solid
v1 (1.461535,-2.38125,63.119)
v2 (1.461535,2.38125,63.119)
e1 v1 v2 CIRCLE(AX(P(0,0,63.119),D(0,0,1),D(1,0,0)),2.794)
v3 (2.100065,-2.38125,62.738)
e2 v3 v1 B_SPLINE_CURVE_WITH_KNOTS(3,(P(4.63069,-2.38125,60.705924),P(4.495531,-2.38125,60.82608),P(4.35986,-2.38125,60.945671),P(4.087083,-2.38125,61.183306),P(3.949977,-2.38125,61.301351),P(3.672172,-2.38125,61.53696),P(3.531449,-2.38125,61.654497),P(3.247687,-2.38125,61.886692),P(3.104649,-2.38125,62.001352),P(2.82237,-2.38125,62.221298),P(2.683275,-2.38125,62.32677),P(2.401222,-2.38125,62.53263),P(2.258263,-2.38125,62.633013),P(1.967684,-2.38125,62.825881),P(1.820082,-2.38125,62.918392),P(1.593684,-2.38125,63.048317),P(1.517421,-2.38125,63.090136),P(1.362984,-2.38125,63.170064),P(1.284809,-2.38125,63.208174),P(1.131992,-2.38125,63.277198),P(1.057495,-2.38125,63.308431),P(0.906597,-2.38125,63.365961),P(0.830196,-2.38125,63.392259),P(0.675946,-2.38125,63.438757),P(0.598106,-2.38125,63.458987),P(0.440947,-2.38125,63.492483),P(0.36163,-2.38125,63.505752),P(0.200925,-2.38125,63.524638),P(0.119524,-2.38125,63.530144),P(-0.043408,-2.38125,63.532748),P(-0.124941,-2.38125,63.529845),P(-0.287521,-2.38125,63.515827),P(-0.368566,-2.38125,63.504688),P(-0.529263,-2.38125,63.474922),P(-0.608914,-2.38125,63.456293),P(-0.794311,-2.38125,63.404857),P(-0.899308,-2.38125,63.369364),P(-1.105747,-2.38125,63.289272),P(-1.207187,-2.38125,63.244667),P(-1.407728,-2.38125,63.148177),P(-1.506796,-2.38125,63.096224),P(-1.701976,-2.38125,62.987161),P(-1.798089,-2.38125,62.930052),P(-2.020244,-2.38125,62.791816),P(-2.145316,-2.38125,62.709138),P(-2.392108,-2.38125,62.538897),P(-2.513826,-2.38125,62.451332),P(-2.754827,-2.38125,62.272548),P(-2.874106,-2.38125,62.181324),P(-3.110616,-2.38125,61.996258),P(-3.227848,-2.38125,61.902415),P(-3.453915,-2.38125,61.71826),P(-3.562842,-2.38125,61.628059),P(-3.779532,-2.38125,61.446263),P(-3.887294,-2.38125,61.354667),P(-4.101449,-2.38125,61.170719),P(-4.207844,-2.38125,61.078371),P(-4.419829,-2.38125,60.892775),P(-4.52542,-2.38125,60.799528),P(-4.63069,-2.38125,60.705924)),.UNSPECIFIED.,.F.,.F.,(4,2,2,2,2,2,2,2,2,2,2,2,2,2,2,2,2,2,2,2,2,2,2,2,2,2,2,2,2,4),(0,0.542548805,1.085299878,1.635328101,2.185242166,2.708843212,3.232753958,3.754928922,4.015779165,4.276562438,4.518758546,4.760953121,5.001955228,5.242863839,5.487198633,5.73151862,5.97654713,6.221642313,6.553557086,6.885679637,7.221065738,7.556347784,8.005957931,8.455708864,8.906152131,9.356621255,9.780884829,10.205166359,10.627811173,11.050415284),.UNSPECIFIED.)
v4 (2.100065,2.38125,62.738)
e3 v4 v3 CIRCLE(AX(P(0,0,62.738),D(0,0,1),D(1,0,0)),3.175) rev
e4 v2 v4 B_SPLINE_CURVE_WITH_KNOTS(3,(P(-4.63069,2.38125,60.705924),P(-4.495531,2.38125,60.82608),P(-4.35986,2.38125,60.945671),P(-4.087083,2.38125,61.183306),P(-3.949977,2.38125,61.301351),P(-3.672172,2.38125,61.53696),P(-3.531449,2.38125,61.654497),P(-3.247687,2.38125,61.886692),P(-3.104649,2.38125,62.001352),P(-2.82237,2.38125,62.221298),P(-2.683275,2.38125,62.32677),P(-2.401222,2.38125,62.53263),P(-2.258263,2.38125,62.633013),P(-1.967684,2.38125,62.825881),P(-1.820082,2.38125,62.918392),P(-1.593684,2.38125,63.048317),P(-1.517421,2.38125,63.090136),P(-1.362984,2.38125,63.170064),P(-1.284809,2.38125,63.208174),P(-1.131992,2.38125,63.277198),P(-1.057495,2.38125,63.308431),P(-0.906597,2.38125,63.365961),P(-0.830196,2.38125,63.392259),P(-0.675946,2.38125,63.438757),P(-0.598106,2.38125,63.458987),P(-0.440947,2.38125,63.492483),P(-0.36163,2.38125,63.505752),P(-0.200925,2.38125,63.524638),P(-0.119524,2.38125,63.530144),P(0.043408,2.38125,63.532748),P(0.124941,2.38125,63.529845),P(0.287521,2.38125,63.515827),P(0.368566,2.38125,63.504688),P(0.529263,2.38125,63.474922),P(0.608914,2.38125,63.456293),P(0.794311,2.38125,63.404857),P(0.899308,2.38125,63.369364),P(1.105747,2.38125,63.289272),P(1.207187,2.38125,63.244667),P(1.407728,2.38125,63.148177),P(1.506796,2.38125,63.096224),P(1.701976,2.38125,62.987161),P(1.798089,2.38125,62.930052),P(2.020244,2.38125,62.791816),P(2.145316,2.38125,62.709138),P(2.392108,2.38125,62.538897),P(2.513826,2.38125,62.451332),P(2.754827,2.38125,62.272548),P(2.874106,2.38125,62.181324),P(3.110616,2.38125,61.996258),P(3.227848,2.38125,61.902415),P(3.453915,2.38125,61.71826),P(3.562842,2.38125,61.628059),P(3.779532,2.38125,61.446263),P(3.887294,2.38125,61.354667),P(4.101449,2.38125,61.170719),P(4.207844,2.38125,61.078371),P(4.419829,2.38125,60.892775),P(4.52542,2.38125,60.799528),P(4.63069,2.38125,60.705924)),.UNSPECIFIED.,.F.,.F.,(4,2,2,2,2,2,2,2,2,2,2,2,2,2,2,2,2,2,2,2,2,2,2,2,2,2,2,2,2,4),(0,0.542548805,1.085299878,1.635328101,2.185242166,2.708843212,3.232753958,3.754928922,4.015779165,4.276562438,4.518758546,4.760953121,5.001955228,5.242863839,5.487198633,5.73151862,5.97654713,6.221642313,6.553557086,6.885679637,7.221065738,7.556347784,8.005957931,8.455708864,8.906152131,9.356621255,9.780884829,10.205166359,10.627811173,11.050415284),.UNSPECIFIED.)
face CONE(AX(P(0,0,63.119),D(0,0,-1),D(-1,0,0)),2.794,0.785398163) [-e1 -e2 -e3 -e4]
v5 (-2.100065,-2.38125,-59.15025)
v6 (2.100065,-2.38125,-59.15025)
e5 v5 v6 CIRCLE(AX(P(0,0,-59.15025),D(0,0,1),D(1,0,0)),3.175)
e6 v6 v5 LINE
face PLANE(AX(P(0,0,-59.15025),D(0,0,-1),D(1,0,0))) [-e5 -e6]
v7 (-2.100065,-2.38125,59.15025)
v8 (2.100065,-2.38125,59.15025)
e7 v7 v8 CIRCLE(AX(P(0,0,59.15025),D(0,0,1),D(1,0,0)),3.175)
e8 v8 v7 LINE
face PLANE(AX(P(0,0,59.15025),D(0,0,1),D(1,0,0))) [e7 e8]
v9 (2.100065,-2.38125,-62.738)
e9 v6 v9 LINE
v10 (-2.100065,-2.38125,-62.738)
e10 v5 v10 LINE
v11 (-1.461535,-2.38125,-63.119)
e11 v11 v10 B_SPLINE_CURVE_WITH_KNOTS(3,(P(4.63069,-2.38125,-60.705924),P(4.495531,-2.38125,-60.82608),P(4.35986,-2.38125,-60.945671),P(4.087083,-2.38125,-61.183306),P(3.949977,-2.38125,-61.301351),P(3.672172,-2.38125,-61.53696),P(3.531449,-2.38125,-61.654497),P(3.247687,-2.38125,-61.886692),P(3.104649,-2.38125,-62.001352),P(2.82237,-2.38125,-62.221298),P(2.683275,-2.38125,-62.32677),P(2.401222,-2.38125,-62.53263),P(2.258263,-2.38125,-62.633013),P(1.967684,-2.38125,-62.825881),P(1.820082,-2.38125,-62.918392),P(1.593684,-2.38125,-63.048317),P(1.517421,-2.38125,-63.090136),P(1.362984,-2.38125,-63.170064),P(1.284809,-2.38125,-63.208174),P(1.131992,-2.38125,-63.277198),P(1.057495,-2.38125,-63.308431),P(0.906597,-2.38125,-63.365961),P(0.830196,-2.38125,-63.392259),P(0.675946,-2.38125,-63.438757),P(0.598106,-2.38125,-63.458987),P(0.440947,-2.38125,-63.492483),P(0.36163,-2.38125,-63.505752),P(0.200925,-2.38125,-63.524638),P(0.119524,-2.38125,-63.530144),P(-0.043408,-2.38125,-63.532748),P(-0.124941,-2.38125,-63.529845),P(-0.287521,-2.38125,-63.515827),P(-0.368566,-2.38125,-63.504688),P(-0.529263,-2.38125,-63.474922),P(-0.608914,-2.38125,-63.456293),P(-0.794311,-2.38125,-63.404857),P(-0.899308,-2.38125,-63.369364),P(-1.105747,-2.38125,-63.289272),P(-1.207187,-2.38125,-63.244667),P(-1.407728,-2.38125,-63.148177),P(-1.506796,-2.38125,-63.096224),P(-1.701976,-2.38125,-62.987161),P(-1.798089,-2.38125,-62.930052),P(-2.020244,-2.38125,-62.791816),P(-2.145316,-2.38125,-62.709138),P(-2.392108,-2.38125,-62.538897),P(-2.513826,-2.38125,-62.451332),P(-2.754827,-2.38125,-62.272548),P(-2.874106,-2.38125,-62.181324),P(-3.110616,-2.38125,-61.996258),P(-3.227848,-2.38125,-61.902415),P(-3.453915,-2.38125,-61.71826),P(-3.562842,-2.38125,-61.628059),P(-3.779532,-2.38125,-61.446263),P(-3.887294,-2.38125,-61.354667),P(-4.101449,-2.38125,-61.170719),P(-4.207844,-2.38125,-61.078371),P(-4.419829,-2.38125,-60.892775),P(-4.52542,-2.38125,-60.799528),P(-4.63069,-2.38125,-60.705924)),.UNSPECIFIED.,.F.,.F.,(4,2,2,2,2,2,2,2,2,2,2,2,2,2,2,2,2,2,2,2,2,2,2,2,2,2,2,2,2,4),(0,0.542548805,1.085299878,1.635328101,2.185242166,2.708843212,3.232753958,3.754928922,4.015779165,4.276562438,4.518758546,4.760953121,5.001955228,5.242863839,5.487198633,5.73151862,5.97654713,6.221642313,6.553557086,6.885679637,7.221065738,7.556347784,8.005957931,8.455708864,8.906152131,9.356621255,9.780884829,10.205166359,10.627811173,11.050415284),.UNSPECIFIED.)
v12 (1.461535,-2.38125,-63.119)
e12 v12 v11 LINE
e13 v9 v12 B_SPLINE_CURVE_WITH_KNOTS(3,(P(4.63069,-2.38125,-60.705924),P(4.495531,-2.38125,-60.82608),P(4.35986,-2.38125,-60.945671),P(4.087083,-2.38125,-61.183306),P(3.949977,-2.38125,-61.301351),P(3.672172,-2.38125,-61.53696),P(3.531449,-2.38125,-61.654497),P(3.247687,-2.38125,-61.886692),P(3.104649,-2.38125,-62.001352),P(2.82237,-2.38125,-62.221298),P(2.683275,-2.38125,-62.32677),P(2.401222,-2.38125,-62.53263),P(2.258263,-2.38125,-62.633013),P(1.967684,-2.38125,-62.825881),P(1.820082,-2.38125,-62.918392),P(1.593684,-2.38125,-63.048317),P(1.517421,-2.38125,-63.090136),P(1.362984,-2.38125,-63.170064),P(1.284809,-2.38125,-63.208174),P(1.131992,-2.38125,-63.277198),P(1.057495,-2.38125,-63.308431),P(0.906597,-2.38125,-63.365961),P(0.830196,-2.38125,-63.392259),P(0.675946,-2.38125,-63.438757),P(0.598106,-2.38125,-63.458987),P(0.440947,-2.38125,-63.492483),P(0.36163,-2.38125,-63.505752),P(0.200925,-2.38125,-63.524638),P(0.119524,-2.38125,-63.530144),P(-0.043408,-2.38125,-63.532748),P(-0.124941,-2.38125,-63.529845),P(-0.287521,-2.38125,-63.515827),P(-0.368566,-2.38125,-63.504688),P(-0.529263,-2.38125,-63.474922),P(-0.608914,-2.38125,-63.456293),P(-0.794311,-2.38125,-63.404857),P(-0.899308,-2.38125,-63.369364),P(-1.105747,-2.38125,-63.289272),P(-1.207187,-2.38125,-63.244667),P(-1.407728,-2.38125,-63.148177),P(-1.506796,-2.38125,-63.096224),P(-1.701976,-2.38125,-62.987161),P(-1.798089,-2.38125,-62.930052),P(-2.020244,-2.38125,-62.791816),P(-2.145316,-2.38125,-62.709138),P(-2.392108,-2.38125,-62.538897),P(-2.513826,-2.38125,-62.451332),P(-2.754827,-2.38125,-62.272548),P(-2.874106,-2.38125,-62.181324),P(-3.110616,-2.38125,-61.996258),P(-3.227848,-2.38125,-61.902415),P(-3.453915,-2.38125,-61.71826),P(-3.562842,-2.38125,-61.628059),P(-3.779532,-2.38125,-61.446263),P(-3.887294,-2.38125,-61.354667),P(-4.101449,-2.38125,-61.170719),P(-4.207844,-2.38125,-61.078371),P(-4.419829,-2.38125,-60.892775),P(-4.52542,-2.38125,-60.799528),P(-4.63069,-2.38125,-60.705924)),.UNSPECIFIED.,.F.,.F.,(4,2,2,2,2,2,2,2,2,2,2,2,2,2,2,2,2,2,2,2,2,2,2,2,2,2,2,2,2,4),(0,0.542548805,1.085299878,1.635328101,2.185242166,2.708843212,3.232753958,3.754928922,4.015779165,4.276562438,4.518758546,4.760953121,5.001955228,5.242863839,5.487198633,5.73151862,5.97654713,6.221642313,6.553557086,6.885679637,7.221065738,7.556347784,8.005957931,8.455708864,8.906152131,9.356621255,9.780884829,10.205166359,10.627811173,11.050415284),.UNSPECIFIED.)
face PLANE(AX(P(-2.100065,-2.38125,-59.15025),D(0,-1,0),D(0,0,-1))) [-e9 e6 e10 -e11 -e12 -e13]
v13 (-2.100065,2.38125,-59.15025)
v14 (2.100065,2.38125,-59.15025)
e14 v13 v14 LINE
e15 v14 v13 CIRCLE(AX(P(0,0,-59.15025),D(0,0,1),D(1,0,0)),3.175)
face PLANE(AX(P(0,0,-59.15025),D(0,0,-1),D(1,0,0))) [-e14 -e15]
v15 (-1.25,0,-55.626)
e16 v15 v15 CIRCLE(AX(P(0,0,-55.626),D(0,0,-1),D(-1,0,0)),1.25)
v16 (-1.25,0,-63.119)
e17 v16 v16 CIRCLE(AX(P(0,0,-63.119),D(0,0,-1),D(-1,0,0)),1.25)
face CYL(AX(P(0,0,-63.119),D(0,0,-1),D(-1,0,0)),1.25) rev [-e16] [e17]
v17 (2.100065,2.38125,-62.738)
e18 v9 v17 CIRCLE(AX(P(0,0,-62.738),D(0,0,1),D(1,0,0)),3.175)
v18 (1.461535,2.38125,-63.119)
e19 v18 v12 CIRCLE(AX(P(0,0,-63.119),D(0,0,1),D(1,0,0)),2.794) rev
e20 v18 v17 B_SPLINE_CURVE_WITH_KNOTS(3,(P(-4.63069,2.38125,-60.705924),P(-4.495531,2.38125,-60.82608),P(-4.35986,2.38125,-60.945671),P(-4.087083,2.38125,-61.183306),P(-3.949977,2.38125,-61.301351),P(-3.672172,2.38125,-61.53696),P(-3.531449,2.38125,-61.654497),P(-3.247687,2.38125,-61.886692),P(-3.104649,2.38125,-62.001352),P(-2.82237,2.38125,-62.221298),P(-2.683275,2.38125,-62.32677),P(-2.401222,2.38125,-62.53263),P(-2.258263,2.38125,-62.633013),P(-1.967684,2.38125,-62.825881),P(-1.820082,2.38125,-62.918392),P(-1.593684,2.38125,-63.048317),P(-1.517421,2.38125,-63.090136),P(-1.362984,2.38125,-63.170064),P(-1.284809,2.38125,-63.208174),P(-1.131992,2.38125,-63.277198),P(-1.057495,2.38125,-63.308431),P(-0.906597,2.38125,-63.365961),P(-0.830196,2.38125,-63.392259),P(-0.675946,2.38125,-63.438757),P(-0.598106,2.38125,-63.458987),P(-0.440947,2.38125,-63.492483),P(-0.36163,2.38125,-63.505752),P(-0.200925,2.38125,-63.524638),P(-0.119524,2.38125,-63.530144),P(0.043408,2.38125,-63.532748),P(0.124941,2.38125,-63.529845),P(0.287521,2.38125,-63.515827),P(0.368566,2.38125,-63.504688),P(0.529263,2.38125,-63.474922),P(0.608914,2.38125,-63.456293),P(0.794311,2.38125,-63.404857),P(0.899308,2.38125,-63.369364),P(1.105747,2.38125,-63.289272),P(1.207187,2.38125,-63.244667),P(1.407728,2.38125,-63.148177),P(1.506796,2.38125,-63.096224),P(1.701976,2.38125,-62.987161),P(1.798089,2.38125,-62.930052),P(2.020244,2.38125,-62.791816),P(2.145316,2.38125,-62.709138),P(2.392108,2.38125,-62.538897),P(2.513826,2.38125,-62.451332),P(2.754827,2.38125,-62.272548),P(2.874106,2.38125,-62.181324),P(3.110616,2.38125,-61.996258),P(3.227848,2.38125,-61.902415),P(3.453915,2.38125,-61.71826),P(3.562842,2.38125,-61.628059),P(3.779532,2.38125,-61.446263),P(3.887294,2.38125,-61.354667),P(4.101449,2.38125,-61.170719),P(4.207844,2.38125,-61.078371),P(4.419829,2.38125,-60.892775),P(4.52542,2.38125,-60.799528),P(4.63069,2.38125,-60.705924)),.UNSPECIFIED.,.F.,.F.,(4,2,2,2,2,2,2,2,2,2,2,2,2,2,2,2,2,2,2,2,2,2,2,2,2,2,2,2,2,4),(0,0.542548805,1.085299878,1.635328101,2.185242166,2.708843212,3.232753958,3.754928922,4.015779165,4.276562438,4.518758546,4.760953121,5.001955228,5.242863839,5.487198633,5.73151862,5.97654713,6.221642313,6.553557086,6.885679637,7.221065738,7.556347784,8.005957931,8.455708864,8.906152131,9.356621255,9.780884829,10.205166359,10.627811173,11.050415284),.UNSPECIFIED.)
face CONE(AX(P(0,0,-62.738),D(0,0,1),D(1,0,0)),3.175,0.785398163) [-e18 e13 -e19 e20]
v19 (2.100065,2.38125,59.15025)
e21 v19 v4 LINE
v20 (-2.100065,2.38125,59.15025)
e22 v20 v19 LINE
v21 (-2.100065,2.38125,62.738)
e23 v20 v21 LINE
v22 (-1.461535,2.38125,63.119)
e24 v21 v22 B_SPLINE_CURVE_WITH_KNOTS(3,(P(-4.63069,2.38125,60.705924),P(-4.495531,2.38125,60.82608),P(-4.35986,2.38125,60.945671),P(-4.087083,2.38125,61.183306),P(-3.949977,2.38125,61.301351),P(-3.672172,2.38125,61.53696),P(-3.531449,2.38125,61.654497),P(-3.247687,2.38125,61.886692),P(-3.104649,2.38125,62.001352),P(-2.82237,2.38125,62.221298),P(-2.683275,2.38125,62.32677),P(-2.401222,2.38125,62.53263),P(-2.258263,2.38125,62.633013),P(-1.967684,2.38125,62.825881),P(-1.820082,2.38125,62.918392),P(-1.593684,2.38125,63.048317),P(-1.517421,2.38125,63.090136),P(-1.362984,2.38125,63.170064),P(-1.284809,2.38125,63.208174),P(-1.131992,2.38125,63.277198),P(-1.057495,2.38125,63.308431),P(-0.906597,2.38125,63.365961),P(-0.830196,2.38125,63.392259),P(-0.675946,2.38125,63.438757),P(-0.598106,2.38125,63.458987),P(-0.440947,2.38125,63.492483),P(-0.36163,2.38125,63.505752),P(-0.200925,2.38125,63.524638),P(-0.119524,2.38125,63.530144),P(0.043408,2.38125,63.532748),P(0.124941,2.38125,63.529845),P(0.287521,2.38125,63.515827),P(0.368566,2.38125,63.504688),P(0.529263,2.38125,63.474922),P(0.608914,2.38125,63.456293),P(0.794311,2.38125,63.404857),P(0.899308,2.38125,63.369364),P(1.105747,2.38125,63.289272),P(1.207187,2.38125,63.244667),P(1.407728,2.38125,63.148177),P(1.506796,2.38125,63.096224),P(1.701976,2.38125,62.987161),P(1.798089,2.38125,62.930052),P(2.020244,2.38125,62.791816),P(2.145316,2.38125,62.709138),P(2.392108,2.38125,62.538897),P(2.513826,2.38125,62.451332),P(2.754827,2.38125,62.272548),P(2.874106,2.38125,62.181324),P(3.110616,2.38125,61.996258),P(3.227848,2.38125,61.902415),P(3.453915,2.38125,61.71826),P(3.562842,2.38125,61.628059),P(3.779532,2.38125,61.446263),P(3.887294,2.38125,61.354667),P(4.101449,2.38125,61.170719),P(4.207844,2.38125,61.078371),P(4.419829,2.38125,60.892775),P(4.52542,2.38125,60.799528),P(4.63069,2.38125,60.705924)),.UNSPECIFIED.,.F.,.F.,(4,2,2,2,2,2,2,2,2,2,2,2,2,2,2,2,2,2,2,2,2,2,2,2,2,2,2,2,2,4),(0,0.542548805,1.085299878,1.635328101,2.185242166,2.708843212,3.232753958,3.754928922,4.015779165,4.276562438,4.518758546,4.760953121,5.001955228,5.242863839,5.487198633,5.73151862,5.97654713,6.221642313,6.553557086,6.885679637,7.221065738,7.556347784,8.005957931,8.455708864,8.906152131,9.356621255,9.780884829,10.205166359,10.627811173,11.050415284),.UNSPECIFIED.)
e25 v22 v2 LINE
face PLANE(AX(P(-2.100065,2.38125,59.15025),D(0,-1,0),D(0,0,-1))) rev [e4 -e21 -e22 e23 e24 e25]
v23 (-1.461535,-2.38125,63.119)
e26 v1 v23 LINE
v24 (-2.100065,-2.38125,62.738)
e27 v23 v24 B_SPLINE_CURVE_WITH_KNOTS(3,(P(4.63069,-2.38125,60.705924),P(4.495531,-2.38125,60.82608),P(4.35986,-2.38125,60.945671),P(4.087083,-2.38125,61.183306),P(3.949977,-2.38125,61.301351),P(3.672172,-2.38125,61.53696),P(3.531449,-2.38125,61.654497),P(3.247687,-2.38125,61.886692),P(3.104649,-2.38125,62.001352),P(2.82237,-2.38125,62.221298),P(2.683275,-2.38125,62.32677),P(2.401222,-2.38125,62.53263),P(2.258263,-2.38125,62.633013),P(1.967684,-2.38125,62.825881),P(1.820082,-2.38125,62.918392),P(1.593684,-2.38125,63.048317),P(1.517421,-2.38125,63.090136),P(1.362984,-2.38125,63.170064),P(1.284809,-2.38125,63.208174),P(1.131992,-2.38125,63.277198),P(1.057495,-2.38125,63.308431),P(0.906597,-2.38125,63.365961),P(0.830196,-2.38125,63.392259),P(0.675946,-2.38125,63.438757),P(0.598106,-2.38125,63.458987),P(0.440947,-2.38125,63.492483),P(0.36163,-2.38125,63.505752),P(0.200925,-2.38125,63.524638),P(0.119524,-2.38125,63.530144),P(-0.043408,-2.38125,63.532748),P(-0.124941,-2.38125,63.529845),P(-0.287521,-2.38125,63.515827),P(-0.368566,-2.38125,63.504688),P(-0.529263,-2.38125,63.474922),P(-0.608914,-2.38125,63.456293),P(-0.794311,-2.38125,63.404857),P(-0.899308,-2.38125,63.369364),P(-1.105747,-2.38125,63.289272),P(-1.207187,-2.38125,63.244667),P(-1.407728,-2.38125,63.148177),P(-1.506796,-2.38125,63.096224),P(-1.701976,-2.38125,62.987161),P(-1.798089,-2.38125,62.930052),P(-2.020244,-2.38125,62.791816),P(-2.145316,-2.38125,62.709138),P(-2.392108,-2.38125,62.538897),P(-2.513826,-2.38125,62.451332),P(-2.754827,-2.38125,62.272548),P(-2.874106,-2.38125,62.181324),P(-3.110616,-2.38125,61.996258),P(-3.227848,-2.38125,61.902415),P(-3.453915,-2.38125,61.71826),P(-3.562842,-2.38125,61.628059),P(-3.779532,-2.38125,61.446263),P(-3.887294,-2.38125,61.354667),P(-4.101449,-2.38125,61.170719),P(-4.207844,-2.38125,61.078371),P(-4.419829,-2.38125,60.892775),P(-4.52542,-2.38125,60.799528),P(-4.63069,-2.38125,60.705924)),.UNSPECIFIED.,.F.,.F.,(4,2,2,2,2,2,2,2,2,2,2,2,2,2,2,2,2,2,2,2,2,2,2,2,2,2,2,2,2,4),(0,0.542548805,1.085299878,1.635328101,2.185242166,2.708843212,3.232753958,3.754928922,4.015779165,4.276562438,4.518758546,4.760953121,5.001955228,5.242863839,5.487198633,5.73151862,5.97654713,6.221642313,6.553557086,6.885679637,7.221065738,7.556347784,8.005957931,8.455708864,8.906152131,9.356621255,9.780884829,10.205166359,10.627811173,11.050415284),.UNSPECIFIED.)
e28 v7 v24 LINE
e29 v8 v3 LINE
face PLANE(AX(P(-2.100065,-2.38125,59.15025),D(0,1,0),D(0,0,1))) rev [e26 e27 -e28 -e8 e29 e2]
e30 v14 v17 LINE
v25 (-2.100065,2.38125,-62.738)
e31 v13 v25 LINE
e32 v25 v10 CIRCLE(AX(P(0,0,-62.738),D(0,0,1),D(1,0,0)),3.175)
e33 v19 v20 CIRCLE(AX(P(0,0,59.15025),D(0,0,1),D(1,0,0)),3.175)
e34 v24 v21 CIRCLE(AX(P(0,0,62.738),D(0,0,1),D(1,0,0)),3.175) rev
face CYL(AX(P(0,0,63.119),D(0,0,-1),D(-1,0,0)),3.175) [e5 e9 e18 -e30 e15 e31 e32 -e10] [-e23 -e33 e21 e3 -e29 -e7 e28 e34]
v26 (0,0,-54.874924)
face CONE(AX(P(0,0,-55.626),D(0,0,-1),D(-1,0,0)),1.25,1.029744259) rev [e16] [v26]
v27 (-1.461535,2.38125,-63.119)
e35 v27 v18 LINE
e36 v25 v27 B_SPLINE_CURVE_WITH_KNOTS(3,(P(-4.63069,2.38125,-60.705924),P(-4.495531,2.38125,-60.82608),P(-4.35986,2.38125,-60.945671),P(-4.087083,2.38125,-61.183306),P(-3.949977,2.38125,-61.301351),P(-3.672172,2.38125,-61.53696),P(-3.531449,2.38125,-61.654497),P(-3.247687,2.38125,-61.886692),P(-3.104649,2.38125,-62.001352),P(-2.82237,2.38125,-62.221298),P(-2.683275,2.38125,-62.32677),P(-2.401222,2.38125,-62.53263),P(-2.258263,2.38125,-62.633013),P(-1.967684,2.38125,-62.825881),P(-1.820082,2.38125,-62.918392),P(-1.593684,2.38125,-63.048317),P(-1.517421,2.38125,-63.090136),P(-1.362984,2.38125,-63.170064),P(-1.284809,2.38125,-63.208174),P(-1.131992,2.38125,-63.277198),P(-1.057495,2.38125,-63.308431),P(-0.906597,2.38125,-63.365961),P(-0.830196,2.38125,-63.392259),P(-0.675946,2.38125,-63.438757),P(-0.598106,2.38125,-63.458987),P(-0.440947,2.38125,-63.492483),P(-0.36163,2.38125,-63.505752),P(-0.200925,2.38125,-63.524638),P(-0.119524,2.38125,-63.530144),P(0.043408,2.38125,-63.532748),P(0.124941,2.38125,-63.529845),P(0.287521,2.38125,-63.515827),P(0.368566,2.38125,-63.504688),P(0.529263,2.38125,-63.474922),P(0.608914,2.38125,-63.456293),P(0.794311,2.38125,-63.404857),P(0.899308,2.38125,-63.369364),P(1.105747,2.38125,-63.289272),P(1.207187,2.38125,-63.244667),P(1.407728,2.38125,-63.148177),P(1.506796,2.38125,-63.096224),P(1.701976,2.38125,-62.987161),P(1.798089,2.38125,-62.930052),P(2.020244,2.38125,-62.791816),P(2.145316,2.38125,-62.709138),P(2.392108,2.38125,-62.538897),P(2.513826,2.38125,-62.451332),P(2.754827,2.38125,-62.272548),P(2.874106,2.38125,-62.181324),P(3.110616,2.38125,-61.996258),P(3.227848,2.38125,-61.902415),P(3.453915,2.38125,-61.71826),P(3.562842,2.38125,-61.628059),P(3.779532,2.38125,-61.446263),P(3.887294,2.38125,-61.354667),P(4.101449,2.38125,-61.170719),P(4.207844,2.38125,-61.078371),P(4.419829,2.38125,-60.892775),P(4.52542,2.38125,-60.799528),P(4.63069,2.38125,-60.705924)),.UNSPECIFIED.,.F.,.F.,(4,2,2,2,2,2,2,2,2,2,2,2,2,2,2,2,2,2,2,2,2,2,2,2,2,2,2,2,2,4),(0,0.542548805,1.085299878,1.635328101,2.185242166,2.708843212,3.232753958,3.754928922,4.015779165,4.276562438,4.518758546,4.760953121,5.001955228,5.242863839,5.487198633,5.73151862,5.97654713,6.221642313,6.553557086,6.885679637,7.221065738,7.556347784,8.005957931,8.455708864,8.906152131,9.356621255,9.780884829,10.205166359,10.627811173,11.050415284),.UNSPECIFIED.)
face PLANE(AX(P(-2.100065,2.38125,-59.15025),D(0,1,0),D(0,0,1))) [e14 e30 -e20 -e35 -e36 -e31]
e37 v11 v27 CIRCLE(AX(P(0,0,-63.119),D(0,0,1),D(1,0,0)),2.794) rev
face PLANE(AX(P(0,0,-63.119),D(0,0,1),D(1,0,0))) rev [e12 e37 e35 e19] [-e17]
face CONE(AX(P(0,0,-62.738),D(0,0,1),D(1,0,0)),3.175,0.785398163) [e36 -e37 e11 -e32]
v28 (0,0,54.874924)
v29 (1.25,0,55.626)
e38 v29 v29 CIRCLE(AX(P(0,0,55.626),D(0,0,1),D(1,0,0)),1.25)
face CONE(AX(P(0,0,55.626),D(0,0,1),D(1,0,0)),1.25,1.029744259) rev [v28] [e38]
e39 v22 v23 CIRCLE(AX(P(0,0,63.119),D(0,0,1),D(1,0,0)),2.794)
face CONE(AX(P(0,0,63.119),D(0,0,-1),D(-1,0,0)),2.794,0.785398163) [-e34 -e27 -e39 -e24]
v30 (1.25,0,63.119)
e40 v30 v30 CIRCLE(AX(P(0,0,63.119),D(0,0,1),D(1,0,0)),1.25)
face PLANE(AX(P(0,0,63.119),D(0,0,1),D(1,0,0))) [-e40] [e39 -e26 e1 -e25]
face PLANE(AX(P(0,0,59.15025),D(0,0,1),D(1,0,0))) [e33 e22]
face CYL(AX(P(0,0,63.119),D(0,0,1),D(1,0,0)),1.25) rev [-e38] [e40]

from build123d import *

# Parameters (mm, degrees)
SKETCH1_R           = 3.175
BOSS_EXTRUDE1_DEPTH = 63.119
CHAMFER1_SIZE       = 0.381
CUT_EXTRUDE1_DEPTH  = 3.96875


with BuildPart() as part:
    # Sketch1 → Boss-Extrude1 (new body, symmetric)
    with BuildSketch(Plane.XY):
        Circle(SKETCH1_R)
    extrude(amount=BOSS_EXTRUDE1_DEPTH, both=True)

    # Sketch4 → M3x0.5 Tapped Hole1 (revolve, cut)
    with BuildSketch(Plane(origin=(0, 0, 63.119), x_dir=(0, -1, 0), z_dir=(1, 0, 0))):
        Polygon((0, 0), (0, 8.244075774), (1.25, 7.493), (1.25, 0), align=None)
    m3x0_5_tapped_hole1 = revolve(axis=Axis((0, 0, 69.469), (0, 0, -1)), mode=Mode.SUBTRACT)

    # Chamfer1
    chamfer1_edges = [part.edges().sort_by_distance(p)[0] for p in [
        (-3.175, 0, -63.119),
        (-3.175, 0, 63.119),
    ]]
    chamfer(chamfer1_edges, length=CHAMFER1_SIZE)

    # Mirror1: M3x0.5 Tapped Hole1 across plane
    add(m3x0_5_tapped_hole1.mirror(Plane.XY), mode=Mode.SUBTRACT)

    # Sketch5 → Cut-Extrude1 (cut)
    with BuildSketch(Plane.XY.offset(63.119)):
        with BuildLine():
            Line((-2.100065103, 2.38125), (2.100065103, 2.38125))
            ThreePointArc((2.100065103, 2.38125), (0, 3.175), (-2.100065103, 2.38125))
        make_face()
        with BuildLine():
            Line((-2.100065103, -2.38125), (2.100065103, -2.38125))
            ThreePointArc((2.100065103, -2.38125), (0, -3.175), (-2.100065103, -2.38125))
        make_face()
    cut_extrude1 = extrude(amount=-CUT_EXTRUDE1_DEPTH, mode=Mode.SUBTRACT)

    # Mirror2: Cut-Extrude1 across plane
    add(cut_extrude1.mirror(Plane.XY), mode=Mode.SUBTRACT)


solid = part.part
